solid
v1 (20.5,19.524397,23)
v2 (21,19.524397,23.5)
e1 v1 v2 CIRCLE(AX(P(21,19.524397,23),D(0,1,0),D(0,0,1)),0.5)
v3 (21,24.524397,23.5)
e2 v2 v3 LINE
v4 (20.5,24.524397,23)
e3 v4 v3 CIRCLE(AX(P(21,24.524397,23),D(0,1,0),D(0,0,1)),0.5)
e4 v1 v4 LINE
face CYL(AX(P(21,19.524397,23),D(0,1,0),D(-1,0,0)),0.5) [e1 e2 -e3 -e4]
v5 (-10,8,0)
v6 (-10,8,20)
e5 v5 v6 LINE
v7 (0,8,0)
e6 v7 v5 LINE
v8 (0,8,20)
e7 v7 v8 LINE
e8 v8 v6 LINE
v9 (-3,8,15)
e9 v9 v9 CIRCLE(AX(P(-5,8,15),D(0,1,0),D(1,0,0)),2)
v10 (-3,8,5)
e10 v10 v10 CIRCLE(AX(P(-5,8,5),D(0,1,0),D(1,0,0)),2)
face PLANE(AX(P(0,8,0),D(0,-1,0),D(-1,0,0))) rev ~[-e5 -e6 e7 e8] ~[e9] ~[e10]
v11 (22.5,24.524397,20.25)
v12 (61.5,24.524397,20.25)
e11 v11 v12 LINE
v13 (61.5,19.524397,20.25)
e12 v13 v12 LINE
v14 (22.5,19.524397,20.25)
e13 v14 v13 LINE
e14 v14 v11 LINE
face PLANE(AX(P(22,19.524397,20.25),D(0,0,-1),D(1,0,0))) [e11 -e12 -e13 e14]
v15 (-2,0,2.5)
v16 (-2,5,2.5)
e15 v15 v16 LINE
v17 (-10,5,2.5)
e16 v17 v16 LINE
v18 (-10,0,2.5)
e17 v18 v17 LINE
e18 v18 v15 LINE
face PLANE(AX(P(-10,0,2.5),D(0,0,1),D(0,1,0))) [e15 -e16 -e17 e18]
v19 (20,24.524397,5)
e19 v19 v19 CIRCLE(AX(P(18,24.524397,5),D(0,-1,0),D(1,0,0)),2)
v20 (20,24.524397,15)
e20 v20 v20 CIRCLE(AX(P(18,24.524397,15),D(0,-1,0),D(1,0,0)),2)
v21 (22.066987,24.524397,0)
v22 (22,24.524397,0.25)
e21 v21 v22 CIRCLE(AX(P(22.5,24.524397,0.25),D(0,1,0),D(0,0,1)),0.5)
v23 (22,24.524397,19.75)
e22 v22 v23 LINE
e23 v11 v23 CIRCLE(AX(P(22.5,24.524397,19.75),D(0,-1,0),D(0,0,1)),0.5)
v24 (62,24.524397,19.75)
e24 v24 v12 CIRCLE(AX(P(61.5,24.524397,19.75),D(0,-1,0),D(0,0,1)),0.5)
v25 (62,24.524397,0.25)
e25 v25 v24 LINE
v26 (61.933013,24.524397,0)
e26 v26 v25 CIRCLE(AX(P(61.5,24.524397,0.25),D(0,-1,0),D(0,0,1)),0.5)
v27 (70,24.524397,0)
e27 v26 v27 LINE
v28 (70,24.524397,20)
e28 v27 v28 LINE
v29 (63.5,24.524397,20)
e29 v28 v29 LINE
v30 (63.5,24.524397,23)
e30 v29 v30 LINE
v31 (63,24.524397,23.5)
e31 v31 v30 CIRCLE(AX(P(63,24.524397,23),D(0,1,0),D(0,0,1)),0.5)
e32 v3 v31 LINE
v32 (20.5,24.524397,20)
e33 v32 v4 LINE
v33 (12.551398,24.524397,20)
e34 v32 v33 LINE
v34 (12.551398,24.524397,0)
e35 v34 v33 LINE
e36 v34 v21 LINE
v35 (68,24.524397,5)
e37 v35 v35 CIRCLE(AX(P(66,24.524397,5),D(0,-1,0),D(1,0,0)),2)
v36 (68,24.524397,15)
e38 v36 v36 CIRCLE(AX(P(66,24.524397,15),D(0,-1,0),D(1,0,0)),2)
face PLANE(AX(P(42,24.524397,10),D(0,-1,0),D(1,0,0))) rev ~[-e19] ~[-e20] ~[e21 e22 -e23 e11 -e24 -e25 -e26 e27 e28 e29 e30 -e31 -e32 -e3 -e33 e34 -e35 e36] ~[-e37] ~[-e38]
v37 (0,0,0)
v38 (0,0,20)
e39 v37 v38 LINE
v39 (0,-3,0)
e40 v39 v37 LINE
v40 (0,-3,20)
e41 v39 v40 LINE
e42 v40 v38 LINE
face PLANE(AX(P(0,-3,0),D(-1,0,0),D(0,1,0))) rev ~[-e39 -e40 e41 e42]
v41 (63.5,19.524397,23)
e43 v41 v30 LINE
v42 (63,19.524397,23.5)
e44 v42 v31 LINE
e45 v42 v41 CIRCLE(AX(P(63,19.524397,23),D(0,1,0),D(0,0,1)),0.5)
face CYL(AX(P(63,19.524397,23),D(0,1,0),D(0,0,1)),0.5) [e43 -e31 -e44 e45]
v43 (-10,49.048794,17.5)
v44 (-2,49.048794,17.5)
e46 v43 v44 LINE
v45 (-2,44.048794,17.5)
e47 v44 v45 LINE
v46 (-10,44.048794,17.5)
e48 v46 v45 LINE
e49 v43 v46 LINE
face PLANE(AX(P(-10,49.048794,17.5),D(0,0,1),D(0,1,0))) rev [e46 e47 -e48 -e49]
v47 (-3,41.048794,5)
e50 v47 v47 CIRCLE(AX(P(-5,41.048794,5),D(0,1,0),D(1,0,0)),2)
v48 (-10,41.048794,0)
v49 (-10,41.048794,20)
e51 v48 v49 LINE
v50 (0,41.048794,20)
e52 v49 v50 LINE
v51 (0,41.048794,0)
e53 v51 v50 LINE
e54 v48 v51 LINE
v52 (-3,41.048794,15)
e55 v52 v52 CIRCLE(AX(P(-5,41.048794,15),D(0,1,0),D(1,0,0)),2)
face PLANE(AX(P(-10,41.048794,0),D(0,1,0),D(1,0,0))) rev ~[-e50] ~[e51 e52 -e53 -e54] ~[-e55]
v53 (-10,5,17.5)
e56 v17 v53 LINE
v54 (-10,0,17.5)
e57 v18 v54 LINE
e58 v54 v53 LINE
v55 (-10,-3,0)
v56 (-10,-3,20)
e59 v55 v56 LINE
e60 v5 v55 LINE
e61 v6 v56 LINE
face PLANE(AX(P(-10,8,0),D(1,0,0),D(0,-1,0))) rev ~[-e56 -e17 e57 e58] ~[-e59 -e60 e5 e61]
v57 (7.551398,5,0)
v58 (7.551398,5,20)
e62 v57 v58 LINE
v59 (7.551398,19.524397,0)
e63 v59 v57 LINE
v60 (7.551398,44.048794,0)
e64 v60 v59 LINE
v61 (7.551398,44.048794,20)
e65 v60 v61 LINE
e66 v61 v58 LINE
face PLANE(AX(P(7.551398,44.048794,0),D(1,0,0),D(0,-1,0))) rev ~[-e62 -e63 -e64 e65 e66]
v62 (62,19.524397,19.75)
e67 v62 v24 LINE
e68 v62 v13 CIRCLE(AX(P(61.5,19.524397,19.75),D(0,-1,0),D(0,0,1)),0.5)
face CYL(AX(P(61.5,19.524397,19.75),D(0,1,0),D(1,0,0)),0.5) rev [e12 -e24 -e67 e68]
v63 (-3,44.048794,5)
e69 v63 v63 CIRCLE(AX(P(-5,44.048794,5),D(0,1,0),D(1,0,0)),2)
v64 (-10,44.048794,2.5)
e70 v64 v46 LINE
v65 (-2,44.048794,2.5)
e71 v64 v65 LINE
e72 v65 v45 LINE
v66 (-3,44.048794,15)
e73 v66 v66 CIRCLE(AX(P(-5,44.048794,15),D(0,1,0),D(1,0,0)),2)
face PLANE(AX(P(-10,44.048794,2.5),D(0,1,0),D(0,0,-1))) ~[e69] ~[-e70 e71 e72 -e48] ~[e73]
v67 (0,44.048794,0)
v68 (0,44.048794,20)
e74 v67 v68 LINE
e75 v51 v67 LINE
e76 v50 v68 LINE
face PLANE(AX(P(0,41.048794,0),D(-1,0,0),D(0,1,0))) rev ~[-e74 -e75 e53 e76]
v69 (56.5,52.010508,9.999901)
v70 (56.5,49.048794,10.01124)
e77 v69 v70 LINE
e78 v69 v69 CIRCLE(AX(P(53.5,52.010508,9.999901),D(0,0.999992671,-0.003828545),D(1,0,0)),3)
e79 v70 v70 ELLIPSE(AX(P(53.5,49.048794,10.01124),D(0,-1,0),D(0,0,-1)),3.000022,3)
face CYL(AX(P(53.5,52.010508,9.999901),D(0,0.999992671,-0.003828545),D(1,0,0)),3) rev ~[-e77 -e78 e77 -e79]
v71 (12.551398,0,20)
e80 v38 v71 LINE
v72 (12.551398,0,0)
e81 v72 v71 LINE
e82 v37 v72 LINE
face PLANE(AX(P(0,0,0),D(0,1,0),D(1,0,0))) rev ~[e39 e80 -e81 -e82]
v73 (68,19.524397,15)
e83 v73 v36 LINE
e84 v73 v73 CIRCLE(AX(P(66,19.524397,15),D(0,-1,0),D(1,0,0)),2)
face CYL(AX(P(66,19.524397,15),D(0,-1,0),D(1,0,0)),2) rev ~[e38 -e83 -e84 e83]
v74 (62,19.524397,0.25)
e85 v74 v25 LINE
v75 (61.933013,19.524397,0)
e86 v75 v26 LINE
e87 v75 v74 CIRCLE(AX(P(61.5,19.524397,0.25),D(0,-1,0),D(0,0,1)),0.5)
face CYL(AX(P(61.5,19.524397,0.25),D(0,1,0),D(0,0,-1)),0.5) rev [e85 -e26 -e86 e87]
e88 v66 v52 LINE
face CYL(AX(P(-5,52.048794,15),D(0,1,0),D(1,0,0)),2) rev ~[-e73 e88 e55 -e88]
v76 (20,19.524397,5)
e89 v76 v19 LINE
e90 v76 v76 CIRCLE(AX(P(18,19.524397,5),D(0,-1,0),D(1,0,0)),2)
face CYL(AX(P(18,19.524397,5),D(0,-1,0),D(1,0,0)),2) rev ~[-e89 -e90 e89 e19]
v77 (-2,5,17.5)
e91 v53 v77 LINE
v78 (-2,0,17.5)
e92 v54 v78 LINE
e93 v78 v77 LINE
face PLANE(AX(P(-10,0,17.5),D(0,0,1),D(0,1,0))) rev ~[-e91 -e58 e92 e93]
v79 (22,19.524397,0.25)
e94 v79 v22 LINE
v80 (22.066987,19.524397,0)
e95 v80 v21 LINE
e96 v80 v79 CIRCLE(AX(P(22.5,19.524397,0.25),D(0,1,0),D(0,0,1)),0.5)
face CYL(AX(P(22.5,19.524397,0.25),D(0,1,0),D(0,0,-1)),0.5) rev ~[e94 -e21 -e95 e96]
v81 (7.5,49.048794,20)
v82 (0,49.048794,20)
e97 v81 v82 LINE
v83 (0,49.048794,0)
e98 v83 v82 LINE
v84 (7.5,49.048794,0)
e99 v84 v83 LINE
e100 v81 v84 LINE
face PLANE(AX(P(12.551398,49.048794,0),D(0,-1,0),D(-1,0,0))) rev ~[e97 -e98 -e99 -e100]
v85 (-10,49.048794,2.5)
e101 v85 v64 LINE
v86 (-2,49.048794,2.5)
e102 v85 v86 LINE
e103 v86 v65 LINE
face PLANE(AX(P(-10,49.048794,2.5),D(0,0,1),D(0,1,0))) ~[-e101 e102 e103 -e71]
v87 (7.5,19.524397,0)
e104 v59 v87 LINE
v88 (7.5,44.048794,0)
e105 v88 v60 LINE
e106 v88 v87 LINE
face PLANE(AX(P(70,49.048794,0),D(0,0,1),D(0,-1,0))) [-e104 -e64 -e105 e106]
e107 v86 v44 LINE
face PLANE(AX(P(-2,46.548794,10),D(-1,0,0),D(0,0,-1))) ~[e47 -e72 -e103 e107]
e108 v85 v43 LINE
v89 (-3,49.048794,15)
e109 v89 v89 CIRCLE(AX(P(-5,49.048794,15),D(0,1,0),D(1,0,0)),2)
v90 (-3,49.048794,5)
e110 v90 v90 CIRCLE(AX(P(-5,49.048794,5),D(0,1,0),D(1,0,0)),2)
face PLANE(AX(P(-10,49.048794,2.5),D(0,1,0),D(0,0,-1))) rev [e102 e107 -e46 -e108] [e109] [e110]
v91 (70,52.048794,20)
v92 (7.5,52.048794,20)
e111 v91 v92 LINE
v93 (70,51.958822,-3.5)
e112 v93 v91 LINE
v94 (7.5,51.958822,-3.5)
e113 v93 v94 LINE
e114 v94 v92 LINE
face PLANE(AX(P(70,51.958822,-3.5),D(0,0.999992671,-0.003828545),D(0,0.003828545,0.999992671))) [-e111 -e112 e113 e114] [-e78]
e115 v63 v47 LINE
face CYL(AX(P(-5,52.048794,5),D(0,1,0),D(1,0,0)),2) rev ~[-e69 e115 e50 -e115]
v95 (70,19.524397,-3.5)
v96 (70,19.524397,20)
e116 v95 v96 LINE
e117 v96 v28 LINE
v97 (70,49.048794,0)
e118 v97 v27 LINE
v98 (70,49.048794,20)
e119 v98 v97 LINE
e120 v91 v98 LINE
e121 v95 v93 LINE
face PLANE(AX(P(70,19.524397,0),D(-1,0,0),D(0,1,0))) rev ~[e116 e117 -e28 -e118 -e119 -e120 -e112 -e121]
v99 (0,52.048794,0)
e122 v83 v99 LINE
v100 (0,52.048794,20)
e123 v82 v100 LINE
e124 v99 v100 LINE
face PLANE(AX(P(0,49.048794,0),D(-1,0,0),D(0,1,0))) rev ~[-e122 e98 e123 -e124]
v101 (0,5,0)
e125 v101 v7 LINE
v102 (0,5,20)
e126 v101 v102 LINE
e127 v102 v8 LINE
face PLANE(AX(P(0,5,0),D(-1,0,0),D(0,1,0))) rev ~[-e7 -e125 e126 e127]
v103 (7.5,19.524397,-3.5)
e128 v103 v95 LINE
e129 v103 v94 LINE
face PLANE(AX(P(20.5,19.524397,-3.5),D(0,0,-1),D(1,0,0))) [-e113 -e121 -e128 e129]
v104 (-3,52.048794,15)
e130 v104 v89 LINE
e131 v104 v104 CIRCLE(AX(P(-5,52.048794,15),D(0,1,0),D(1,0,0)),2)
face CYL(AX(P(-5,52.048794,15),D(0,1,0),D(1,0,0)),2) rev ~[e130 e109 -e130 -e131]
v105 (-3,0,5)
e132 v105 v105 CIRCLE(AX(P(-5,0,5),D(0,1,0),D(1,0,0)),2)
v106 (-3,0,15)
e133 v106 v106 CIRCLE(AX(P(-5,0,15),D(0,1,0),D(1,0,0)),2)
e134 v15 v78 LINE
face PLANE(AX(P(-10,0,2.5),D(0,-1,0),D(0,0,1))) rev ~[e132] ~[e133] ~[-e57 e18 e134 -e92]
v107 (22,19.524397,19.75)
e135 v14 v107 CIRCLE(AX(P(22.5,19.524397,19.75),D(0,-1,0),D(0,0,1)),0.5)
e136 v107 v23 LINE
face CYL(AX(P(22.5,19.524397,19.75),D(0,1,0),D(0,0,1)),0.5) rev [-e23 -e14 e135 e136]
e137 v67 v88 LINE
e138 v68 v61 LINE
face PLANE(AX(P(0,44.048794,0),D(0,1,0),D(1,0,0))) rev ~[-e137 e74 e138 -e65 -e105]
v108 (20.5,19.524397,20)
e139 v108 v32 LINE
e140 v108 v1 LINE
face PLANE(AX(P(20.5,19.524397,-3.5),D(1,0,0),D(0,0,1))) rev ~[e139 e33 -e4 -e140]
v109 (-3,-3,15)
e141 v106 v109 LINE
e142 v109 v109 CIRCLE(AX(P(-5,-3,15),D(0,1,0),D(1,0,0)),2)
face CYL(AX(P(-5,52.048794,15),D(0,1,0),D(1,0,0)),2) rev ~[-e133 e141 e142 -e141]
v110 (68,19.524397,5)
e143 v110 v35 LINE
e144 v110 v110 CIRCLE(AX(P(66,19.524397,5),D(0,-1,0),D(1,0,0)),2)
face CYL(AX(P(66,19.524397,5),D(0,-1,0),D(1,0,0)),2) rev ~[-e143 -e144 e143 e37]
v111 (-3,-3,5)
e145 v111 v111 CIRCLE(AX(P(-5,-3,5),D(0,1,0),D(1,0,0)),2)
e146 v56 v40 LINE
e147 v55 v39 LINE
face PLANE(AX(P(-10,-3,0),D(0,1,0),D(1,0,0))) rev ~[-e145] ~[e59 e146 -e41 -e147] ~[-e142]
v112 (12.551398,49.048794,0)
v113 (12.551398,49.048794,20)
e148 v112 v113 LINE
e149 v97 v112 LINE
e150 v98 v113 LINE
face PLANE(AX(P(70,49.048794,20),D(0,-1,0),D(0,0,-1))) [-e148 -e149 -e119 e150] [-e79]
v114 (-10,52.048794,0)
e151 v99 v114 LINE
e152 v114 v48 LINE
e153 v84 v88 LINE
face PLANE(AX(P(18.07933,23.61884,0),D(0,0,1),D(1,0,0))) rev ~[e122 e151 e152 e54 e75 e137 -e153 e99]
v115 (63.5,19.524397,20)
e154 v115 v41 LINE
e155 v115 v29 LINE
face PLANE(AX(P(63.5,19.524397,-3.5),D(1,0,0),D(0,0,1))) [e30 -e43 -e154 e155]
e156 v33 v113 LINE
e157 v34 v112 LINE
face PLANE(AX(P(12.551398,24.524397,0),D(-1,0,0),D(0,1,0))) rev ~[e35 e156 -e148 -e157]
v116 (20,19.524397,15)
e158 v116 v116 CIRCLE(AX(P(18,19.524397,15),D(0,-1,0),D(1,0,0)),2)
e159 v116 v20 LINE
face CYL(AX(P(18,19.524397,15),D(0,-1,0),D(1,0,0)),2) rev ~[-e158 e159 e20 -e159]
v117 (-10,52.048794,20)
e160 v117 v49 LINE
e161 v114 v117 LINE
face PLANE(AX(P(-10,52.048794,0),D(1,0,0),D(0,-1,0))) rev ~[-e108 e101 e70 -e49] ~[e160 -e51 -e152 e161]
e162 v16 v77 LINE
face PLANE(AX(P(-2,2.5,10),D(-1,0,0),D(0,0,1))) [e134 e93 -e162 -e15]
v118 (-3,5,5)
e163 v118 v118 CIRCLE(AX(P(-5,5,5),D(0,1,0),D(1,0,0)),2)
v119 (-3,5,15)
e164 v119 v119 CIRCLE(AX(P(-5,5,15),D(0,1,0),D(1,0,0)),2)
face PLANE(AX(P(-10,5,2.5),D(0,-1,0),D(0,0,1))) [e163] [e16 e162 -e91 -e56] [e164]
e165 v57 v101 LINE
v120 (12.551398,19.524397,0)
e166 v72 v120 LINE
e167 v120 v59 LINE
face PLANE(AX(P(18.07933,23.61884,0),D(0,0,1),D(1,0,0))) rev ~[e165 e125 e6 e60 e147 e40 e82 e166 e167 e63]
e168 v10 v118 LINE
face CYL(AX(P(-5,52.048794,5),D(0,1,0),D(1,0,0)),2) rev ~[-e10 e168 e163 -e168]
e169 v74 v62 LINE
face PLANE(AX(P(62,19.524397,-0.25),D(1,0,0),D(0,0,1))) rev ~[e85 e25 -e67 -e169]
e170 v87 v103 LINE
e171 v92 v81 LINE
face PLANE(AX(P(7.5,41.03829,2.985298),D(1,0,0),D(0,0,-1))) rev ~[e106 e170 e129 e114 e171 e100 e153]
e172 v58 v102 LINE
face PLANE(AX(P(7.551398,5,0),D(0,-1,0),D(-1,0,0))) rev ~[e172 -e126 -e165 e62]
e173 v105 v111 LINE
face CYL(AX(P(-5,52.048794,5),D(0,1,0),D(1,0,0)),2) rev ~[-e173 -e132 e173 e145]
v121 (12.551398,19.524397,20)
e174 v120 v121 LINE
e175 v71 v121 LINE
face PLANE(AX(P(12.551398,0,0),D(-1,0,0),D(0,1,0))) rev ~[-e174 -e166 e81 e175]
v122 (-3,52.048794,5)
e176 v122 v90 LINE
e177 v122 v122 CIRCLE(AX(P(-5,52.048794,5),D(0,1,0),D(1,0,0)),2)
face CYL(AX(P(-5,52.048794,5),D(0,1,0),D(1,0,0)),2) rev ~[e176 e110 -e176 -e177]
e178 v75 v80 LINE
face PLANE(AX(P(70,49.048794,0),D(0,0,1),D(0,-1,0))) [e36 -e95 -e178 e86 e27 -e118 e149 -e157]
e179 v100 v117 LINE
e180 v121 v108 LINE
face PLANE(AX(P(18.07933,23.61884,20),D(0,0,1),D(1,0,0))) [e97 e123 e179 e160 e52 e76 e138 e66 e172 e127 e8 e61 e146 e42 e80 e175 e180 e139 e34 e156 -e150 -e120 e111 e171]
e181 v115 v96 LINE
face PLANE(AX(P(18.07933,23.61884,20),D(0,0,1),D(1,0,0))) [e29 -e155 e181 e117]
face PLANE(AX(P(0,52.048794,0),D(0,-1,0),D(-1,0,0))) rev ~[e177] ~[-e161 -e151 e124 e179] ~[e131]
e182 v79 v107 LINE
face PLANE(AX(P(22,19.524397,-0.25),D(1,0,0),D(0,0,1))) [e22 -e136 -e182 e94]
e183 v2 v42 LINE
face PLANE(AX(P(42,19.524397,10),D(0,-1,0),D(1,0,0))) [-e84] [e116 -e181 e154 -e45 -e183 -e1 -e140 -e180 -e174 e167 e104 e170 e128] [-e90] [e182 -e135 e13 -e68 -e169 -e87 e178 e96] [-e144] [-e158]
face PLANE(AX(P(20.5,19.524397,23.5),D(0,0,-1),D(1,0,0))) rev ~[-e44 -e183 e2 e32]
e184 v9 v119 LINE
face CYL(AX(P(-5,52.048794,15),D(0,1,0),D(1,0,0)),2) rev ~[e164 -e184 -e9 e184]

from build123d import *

# Parameters (mm, degrees)
BOSS_EXTRUDE1_DEPTH = 20
SKETCH3_W           = 15
SKETCH3_H           = 5
CUT_EXTRUDE2_DEPTH  = 8
SKETCH4_R           = 2
CUT_EXTRUDE3_DEPTH  = 110
SKETCH2_R           = 2
CUT_EXTRUDE4_DEPTH  = 110
SKETCH5_W           = 43
SKETCH5_H           = 27
BOSS_EXTRUDE2_DEPTH = 5
SKETCH6_W           = 40
SKETCH6_H           = 20.5
CUT_EXTRUDE5_DEPTH  = 5
FILLET1_R           = 0.5
BOSS_EXTRUDE3_DEPTH = 62.5
SKETCH8_R           = 3
CUT_EXTRUDE6_DEPTH  = 62.5


with BuildPart() as part:
    # Sketch1 → Boss-Extrude1 (new body)
    with BuildSketch(Plane.XY):
        Polygon((0, 0), (12.551397955, 0), (12.551397955, 19.52439682), (70, 19.52439682), (70, 24.52439682), (12.551397955, 24.52439682), (12.551397955, 49.048793639), (0, 49.048793639), (0, 52.048793639), (-10, 52.048793639), (-10, 41.048793639), (0, 41.048793639), (0, 44.048793639), (7.551397955, 44.048793639), (7.551397955, 24.52439682), (7.551397955, 5), (0, 5), (0, 8), (-10, 8), (-10, -3), (0, -3), align=None)
    extrude(amount=BOSS_EXTRUDE1_DEPTH)

    # Sketch3 → Cut-Extrude2 (cut)
    with BuildSketch(Plane.ZY.offset(10)):
        with Locations((10, 2.5)):
            Rectangle(SKETCH3_W, SKETCH3_H)
    cut_extrude2 = extrude(amount=-CUT_EXTRUDE2_DEPTH, mode=Mode.SUBTRACT)

    # Mirror1: Cut-Extrude2 across plane
    add(cut_extrude2.mirror(Plane(origin=(12.551397955, 24.52439682, 20), x_dir=(0, 0, 1), z_dir=(0, -1, 0))), mode=Mode.SUBTRACT)

    # Sketch4 → Cut-Extrude3 (cut)
    with BuildSketch(Plane(origin=(0, 52.048793639, 0), x_dir=(1, 0, 0), z_dir=(0, 1, 0))):
        with Locations((-5, -5)):
            Circle(SKETCH4_R)
        with Locations((-5, -15)):
            Circle(SKETCH4_R)
    extrude(amount=-CUT_EXTRUDE3_DEPTH, mode=Mode.SUBTRACT)

    # Sketch2 → Cut-Extrude4 (cut)
    with BuildSketch(Plane.XZ.offset(-19.52439682)):
        with Locations((66, 15)):
            Circle(SKETCH2_R)
        with Locations((18, 15)):
            Circle(SKETCH2_R)
        with Locations((18, 5)):
            Circle(SKETCH2_R)
        with Locations((66, 5)):
            Circle(SKETCH2_R)
    extrude(amount=-CUT_EXTRUDE4_DEPTH, mode=Mode.SUBTRACT)

    # Sketch5 → Boss-Extrude2 (add)
    with BuildSketch(Plane.XZ.offset(-19.52439682)):
        with Locations((42, 10)):
            Rectangle(SKETCH5_W, SKETCH5_H)
    extrude(amount=-BOSS_EXTRUDE2_DEPTH)

    # Sketch6 → Cut-Extrude5 (cut)
    with BuildSketch(Plane.XZ.offset(-19.52439682)):
        with Locations((42, 10)):
            Rectangle(SKETCH6_W, SKETCH6_H)
    extrude(amount=-CUT_EXTRUDE5_DEPTH, mode=Mode.SUBTRACT)

    # Fillet1
    fillet1_edges = [part.edges().sort_by_distance(p)[0] for p in [
        (63.5, 22.02439682, 23.5),
        (63.5, 22.02439682, -3.5),
        (20.5, 22.02439682, -3.5),
        (20.5, 22.02439682, 23.5),
        (62, 22.02439682, 20.25),
        (62, 22.02439682, -0.25),
        (22, 22.02439682, -0.25),
        (22, 22.02439682, 20.25),
    ]]
    fillet(fillet1_edges, radius=FILLET1_R)

    # Sketch7 → Boss-Extrude3 (add)
    with BuildSketch(Plane(origin=(70, 0, 0), x_dir=(0, 0, -1), z_dir=(1, 0, 0))):
        Polygon((0, 19.52439682), (3.5, 19.52439682), (3.5, 51.958822175), (-20, 52.048793639), (-20, 49.048793639), (0, 49.048793639), align=None)
    extrude(amount=-BOSS_EXTRUDE3_DEPTH)

    # Sketch8 → Cut-Extrude6 (cut)
    with BuildSketch(Plane(origin=(0, 51.971460384, -0.198976528), x_dir=(1, 0, 0), z_dir=(0, 0.999992671, -0.003828545))):
        with Locations((53.5, -10.198952335)):
            Circle(SKETCH8_R)
    extrude(amount=-CUT_EXTRUDE6_DEPTH, mode=Mode.SUBTRACT)


solid = part.part
